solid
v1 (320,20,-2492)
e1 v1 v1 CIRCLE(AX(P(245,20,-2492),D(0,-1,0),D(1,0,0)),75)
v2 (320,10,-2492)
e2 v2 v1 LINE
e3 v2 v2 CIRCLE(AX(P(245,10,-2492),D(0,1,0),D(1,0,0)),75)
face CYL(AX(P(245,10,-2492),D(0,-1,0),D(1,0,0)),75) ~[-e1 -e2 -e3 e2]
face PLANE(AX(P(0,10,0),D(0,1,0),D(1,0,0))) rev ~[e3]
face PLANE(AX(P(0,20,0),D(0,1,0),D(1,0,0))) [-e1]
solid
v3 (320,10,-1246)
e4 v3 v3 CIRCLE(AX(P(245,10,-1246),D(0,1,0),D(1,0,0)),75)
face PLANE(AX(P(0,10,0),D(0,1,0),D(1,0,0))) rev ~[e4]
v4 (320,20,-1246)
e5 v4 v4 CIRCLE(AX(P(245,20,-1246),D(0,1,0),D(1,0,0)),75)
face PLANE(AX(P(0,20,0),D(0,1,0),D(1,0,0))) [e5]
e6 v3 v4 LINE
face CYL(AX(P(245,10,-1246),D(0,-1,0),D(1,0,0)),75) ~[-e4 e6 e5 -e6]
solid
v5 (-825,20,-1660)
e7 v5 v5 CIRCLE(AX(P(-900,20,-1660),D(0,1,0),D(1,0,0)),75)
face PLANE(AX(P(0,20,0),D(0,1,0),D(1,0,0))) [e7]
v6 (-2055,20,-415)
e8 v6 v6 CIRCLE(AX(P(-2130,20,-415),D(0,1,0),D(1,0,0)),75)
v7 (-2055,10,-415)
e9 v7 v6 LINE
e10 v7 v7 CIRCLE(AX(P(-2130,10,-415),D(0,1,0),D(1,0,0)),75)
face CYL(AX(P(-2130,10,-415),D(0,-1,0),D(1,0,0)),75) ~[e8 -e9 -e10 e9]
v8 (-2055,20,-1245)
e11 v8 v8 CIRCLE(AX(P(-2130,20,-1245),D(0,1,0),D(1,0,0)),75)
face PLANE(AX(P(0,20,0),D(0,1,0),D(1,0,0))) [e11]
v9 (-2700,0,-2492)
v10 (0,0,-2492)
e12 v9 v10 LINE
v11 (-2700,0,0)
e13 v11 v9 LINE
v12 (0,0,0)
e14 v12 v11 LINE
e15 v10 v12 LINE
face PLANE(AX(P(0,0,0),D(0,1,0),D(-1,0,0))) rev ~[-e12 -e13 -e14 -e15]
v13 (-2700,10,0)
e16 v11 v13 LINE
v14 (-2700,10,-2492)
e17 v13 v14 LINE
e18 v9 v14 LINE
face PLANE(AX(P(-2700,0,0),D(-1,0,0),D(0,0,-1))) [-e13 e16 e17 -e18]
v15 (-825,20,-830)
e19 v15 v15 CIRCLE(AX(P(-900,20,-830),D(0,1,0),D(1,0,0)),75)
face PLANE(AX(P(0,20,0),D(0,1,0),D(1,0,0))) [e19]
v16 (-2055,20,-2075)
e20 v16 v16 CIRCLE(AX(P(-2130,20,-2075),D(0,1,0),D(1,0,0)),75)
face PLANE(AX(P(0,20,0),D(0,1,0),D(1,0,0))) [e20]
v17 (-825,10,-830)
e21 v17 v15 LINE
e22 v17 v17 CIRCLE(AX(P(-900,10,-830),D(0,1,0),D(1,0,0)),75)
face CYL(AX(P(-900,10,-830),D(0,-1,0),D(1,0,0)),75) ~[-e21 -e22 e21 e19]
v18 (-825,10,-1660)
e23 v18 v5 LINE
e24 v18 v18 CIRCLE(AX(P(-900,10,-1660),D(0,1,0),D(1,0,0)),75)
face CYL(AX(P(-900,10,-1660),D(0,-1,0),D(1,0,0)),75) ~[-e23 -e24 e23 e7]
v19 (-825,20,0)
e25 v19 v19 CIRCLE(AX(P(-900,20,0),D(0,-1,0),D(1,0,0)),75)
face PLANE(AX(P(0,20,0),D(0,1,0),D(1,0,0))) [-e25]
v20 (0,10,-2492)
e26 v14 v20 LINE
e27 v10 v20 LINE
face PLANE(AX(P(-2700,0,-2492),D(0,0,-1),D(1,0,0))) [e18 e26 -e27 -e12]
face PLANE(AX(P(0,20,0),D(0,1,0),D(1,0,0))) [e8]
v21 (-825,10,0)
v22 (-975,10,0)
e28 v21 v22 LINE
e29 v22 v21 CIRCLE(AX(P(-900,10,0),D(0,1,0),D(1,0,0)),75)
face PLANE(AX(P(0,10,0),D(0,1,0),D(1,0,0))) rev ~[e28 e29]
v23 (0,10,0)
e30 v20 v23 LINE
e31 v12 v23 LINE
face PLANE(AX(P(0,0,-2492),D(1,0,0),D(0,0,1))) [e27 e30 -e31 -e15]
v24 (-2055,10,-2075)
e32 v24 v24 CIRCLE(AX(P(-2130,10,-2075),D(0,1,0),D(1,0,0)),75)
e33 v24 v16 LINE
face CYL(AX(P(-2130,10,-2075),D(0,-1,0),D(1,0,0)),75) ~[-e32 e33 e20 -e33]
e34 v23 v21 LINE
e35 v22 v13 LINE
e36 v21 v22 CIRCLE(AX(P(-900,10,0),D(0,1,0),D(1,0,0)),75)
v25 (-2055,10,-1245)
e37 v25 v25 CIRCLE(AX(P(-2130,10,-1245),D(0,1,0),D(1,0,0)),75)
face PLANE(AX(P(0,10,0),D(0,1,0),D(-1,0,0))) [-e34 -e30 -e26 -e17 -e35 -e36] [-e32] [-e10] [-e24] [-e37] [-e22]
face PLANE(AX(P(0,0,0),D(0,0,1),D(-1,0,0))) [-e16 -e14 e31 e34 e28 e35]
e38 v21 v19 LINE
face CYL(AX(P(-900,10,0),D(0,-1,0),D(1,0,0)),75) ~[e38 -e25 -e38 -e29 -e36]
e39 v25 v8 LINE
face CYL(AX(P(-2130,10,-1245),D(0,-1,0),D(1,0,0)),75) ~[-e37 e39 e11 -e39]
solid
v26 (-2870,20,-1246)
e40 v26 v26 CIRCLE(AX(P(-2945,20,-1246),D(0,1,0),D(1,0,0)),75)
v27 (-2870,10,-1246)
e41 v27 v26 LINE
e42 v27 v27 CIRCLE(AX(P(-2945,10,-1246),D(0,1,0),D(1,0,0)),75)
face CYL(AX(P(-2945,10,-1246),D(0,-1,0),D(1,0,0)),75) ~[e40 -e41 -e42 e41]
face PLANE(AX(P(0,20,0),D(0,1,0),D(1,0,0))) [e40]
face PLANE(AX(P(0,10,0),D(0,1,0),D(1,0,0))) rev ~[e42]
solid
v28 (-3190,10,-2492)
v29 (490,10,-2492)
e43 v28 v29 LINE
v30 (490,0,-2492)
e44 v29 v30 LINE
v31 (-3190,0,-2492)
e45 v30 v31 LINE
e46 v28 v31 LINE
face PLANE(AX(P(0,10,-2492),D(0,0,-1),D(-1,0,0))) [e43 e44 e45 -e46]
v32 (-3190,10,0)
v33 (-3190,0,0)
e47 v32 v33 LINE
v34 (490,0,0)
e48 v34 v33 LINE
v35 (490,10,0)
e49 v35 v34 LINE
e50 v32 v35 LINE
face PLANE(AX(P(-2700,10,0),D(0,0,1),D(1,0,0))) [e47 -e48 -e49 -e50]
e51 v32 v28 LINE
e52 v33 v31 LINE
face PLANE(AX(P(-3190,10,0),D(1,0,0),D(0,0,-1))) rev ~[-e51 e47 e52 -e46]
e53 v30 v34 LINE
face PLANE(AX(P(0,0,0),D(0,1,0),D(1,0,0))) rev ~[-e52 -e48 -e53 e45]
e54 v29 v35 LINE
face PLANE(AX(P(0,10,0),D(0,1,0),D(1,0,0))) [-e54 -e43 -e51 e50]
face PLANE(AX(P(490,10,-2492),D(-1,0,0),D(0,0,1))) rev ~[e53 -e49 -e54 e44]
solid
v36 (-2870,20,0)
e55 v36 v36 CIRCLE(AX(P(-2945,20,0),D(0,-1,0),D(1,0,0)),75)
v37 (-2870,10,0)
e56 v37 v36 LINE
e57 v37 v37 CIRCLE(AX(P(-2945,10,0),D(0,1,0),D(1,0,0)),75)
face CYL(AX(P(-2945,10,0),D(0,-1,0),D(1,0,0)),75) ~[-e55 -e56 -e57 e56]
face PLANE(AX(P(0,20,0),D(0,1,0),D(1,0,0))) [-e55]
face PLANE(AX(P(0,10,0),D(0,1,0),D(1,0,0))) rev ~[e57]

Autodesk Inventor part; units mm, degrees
ref_plane "YZ Plane" through (0, 0, 0) normal (1, 0, 0) x (0, 1, 0)
ref_plane "XZ Plane" through (0, 0, 0) normal (0, 1, 0) x (-1, 0, 0)
ref_plane "XY Plane" through (0, 0, 0) normal (0, 0, 1) x (1, 0, 0)
sketch "Sketch1" plane through (0, 0, 0) normal (0, 1, 0) x (-1, 0, 0)
  line L0 (0, 0) -> (2700, 0)
  line L1 (2700, 0) -> (2700, -2492)
  line L2 (2700, -2492) -> (0, -2492)
  line L3 (0, -2492) -> (0, 0)
  dimension "d0" = 2700
  dimension "d1" = 2492
extrude "Extrusion1" add sketch "Sketch1" along normal blind 10
sketch "Sketch2" plane through (0, 10, 0) normal (0, 1, 0) x (1, 0, 0)
  line L0 (-2700, 2492) -> (-2700, 0) projected
  line L1 (-2700, 0) -> (-3190, 0)
  line L2 (-3190, 0) -> (-3190, 2492)
  line L3 (-3190, 2492) -> (-2700, 2492)
  line L4 (-2700, 2492) -> (-2700, 0)
  line L5 (0, 2492) -> (-2700, 2492) projected
  line L6 (0, 0) -> (0, 2492) projected
  line L7 (0, 2492) -> (490, 2492)
  line L8 (490, 2492) -> (490, 0)
  line L9 (490, 0) -> (0, 0)
  line L10 (0, 0) -> (0, 2492)
  line L11 (-2700, 0) -> (0, 0) projected
  dimension "d4" = 490
extrude "Extrusion2" add sketch "Sketch2" against normal blind 10 separate body
sketch "Sketch3" plane through (0, 10, 0) normal (0, 1, 0) x (1, 0, 0)
  circle A0 centre (245, 1246) radius 75
  line L0 (-3190, 2492) -> (490, 2492) projected
  circle A1 centre (245, 2492) radius 75
  circle A2 centre (-900, 0) radius 75
  circle A3 centre (-900, 830) radius 75
  circle A4 centre (-900, 1660) radius 75
  circle A5 centre (-2130, 415) radius 75
  circle A6 centre (-2130, 1245) radius 75
  circle A7 centre (-2130, 2075) radius 75
  circle A8 centre (-2945, 0) radius 75
  circle A9 centre (-2945, 1246) radius 75
  line L1 (0, 0) -> (0, 2492) projected
  line L2 (-3190, 0) -> (490, 0) projected
  line L3 (-2700, 2492) -> (-2700, 0) projected
  dimension "d7" = 150
  dimension "d8" = 900
  dimension "d9" = 2130
  dimension "d10" = 830
  dimension "d11" = 830
  dimension "d12" = 415
  dimension "d13" = 830
  dimension "d14" = 830
  dimension "d15" = 1246
  dimension "d16" = 245
  dimension "d17" = 245
extrude "Extrusion3" add sketch "Sketch3" along normal blind 10 contours A0 | A1 L0 | L0 A1 | A8 L2 | L2 A8 | L2 A2 | A2 L2 | A3 | A4 | A5 | A6 | A7 | A9 bodies 1
properties part number "Croqui Vaso"
